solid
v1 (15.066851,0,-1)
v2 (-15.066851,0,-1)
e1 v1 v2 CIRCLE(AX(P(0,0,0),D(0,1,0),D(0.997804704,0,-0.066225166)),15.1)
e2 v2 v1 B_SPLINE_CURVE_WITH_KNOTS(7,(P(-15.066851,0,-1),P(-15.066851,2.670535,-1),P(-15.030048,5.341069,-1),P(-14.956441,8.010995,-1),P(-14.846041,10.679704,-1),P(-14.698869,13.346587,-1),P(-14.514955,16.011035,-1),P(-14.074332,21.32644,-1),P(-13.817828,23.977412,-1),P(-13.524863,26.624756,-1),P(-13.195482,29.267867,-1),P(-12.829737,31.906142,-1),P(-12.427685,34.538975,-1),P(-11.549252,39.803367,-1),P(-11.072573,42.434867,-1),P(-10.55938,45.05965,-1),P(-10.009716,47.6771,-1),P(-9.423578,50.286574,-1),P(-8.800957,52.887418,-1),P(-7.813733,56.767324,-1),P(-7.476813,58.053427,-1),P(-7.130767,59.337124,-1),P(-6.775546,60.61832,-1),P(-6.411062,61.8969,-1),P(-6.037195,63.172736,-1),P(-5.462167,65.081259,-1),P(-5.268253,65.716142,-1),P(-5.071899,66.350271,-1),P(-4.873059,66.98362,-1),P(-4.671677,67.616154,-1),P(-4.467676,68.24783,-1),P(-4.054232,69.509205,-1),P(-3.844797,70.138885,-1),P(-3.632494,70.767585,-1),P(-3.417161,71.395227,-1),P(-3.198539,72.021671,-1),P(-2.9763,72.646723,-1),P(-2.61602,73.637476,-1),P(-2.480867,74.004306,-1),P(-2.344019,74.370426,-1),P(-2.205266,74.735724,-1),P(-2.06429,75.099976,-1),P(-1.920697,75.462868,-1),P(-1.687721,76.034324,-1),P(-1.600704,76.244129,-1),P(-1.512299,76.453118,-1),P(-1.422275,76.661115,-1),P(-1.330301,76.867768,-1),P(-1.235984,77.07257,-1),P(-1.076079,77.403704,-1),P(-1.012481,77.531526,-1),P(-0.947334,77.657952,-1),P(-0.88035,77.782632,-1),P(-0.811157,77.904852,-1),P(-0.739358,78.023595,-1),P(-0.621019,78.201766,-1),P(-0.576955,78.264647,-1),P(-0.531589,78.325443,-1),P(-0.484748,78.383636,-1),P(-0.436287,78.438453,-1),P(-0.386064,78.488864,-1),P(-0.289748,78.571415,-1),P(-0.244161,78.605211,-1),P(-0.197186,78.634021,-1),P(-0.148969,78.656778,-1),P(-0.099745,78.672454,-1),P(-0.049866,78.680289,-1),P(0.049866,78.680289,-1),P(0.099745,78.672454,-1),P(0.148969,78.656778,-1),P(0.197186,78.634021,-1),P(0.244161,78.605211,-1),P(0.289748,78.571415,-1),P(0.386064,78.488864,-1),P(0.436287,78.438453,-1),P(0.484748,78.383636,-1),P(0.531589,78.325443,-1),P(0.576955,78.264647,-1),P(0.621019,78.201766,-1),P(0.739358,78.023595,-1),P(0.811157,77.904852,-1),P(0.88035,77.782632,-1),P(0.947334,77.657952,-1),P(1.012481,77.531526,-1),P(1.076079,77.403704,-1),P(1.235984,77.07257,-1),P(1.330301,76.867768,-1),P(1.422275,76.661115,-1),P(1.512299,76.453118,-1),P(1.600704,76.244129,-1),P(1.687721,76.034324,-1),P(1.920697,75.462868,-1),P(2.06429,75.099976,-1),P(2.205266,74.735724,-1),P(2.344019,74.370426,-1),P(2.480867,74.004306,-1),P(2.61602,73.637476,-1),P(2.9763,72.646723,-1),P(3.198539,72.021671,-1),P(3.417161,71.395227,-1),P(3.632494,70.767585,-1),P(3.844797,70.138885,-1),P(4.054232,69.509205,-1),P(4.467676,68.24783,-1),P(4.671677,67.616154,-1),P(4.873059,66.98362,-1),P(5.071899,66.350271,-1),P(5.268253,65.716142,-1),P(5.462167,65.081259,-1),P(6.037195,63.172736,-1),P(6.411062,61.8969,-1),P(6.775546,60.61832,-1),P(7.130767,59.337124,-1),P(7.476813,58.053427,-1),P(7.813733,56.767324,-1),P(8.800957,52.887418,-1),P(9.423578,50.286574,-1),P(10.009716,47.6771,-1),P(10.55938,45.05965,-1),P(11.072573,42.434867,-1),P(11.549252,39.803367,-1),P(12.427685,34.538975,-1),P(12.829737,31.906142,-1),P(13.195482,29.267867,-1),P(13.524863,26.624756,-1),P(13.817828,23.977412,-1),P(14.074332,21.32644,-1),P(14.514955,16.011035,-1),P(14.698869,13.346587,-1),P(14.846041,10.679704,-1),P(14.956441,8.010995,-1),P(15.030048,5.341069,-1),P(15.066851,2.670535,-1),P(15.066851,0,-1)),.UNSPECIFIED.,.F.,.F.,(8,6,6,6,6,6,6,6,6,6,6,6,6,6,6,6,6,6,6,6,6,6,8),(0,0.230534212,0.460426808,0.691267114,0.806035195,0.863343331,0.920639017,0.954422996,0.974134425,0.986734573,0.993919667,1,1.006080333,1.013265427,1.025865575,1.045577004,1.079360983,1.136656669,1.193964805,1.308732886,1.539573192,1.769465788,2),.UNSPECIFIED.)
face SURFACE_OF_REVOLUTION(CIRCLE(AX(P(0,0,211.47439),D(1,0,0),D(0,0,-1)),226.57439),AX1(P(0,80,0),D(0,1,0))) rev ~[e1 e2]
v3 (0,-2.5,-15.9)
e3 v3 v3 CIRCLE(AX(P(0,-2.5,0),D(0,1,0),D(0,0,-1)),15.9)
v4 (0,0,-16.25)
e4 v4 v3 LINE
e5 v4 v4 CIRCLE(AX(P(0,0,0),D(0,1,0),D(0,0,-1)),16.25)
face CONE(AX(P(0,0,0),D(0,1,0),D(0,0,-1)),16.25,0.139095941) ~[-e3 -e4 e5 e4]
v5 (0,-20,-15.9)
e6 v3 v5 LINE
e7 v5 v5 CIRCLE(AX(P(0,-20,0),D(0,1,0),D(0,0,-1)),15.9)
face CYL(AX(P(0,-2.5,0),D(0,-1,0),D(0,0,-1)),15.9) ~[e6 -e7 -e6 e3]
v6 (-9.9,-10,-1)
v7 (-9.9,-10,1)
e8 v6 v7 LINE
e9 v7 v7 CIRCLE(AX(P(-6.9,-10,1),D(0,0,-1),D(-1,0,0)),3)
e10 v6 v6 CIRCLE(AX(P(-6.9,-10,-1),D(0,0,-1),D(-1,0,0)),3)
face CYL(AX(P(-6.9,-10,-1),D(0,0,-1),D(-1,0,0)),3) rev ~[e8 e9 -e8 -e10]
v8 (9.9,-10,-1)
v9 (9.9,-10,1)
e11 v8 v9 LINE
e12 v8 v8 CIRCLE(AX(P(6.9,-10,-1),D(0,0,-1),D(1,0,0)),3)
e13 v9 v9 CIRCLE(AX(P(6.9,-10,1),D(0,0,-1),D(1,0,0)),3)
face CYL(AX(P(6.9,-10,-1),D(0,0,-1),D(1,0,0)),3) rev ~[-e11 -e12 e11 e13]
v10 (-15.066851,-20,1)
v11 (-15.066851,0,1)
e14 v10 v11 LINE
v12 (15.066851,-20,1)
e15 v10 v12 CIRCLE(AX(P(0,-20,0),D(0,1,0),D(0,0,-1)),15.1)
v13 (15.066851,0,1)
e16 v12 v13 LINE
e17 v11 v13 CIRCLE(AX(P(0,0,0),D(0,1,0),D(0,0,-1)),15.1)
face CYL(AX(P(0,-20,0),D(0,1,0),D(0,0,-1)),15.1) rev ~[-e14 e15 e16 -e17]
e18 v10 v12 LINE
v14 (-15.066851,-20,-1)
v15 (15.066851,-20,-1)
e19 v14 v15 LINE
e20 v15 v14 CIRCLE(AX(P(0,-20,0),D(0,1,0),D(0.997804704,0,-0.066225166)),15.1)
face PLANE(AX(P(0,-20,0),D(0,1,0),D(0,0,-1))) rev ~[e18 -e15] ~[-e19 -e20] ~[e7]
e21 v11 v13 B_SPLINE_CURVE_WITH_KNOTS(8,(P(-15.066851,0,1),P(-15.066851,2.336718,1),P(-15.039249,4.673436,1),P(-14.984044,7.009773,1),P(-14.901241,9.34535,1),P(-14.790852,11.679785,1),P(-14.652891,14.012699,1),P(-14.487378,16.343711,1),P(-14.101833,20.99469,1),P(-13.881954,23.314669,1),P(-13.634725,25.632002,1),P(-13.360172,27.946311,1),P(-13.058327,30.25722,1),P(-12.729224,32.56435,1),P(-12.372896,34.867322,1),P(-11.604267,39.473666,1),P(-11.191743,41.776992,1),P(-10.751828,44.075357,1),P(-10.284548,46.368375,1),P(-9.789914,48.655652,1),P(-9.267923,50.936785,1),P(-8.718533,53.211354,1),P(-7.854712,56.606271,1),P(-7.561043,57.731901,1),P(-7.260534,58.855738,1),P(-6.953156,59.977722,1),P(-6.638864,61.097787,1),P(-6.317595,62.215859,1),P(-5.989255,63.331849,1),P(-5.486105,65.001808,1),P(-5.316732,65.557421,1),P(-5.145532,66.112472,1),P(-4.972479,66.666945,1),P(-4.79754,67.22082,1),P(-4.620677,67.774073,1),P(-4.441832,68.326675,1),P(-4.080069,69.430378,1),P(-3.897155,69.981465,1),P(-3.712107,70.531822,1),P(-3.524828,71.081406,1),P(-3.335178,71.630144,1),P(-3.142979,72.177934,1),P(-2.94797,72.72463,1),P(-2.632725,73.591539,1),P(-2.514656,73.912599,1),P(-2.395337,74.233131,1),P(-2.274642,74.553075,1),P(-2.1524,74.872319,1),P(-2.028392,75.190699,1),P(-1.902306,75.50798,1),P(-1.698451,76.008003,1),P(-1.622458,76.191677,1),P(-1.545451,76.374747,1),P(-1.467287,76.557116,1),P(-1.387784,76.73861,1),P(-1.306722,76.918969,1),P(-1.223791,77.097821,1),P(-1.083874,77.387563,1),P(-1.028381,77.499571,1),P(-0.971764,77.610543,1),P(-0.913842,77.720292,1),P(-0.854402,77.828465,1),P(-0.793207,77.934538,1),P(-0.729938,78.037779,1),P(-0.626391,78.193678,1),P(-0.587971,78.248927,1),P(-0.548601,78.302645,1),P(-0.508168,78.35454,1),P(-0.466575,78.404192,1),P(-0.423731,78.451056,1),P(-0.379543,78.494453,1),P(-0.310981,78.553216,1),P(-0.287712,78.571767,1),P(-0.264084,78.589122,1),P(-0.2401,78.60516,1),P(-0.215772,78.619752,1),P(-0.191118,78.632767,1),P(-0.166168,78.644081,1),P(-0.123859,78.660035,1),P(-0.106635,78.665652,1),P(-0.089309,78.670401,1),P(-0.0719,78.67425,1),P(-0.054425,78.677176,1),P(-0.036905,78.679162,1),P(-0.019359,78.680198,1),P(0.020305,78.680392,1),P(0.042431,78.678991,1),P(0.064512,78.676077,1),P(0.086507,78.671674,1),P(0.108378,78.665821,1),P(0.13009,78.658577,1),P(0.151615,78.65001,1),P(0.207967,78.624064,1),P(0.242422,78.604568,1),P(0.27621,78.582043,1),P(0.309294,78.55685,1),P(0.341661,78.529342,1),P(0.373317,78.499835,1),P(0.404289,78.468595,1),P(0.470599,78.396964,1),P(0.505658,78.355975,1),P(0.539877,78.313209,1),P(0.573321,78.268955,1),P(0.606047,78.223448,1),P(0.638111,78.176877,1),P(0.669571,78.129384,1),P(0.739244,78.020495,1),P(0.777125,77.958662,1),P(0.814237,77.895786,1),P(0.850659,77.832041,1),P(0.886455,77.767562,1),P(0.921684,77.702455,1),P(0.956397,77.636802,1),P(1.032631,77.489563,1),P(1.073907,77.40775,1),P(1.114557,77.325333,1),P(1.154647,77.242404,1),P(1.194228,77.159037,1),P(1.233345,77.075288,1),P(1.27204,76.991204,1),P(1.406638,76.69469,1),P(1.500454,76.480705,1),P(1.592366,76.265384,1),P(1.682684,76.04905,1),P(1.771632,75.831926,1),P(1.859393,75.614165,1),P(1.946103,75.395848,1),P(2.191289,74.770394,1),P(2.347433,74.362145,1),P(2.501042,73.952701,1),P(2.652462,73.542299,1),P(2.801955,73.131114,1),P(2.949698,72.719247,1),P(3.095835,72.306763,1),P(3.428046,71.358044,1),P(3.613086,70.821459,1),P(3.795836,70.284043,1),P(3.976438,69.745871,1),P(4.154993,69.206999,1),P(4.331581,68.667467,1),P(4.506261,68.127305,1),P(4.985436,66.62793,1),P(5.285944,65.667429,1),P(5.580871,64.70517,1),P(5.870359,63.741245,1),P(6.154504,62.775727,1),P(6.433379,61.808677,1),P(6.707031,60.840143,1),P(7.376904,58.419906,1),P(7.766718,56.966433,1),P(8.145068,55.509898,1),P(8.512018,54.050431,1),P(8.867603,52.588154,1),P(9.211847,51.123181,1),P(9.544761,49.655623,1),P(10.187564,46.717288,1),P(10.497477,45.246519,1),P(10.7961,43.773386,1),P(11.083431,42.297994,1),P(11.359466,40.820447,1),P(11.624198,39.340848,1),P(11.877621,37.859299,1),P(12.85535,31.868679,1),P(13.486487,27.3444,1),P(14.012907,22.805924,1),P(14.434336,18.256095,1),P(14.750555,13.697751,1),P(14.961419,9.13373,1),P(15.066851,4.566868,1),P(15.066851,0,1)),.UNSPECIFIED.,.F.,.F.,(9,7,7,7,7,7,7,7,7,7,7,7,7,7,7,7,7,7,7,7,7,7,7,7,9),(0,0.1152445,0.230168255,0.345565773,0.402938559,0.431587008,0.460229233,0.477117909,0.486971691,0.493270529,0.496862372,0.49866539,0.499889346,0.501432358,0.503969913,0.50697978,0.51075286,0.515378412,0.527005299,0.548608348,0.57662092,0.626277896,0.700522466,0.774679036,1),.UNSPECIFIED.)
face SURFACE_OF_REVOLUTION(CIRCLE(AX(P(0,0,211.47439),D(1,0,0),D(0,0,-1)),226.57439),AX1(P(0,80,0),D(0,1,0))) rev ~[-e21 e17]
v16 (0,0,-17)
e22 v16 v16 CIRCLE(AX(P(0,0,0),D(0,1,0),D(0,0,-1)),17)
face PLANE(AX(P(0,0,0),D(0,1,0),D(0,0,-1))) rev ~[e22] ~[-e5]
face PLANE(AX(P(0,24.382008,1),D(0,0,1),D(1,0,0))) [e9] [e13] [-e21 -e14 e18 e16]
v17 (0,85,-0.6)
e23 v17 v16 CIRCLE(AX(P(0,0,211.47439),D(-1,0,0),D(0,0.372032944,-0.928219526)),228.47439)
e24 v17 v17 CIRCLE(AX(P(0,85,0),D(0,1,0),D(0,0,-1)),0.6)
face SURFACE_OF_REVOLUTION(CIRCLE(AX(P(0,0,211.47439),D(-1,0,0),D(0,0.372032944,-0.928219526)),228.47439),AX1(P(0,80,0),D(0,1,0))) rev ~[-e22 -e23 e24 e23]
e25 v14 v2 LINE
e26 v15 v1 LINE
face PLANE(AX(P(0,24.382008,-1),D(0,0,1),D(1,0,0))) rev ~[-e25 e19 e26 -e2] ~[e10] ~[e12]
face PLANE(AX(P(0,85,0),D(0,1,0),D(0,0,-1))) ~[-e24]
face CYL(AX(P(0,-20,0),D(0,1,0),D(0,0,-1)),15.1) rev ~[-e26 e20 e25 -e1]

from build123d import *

# Parameters (mm, degrees)
BOSS_EXTRUDE1_DEPTH = 1
SKETCH3_R           = 3
CUT_EXTRUDE1_DEPTH  = 2


with BuildPart() as part:
    # Sketch1 → Revolve1 (revolve)
    with BuildSketch(Plane.XY, mode=Mode.PRIVATE) as revolve1_sk:
        with BuildLine():
            Line((17, 0), (16.25, 0))
            Line((16.25, 0), (15.9, -2.5))
            Line((15.9, -2.5), (15.9, -20))
            Line((15.9, -20), (15.1, -20))
            Line((15.1, -20), (15.1, 0))
            ThreePointArc((15.1, 0), (11.421802469, 40.66007364), (0.506633233, 80))
            Line((0.506633233, 80), (0, 80))
            Line((0, 80), (0, 85))
            Line((0, 85), (0.6, 85))
            ThreePointArc((0.6, 85), (12.862537161, 43.283830699), (17, 0))
        make_face()
    revolve(revolve1_sk.sketch.rotate(Axis((0, 80, 0), (0, 1, 0)), 90), axis=Axis((0, 80, 0), (0, 1, 0)))

    # Sketch2 → Boss-Extrude1 (add, symmetric)
    with BuildSketch(Plane.XY):
        with BuildLine():
            Line((-15.5, -20), (15.5, -20))
            Line((15.5, -20), (15.5, 0))
            ThreePointArc((15.5, 0), (11.790444759, 40.867924802), (0.783033246, 80.4))
            Line((0.783033246, 80.4), (-0.783033246, 80.4))
            ThreePointArc((-0.783033246, 80.4), (-11.790444759, 40.867924802), (-15.5, 0))
            Line((-15.5, 0), (-15.5, -20))
        make_face()
    extrude(amount=BOSS_EXTRUDE1_DEPTH, both=True)

    # Sketch3 → Cut-Extrude1 (cut)
    with BuildSketch(Plane(origin=(0, 0, -1), x_dir=(-1, 0, 0), z_dir=(0, 0, -1))):
        with Locations((6.9, -10)):
            Circle(SKETCH3_R)
        with Locations(Location((-6.9, -10, 0), (0, 0, 180))):
            Circle(SKETCH3_R)
    extrude(amount=-CUT_EXTRUDE1_DEPTH, mode=Mode.SUBTRACT)


solid = part.part
